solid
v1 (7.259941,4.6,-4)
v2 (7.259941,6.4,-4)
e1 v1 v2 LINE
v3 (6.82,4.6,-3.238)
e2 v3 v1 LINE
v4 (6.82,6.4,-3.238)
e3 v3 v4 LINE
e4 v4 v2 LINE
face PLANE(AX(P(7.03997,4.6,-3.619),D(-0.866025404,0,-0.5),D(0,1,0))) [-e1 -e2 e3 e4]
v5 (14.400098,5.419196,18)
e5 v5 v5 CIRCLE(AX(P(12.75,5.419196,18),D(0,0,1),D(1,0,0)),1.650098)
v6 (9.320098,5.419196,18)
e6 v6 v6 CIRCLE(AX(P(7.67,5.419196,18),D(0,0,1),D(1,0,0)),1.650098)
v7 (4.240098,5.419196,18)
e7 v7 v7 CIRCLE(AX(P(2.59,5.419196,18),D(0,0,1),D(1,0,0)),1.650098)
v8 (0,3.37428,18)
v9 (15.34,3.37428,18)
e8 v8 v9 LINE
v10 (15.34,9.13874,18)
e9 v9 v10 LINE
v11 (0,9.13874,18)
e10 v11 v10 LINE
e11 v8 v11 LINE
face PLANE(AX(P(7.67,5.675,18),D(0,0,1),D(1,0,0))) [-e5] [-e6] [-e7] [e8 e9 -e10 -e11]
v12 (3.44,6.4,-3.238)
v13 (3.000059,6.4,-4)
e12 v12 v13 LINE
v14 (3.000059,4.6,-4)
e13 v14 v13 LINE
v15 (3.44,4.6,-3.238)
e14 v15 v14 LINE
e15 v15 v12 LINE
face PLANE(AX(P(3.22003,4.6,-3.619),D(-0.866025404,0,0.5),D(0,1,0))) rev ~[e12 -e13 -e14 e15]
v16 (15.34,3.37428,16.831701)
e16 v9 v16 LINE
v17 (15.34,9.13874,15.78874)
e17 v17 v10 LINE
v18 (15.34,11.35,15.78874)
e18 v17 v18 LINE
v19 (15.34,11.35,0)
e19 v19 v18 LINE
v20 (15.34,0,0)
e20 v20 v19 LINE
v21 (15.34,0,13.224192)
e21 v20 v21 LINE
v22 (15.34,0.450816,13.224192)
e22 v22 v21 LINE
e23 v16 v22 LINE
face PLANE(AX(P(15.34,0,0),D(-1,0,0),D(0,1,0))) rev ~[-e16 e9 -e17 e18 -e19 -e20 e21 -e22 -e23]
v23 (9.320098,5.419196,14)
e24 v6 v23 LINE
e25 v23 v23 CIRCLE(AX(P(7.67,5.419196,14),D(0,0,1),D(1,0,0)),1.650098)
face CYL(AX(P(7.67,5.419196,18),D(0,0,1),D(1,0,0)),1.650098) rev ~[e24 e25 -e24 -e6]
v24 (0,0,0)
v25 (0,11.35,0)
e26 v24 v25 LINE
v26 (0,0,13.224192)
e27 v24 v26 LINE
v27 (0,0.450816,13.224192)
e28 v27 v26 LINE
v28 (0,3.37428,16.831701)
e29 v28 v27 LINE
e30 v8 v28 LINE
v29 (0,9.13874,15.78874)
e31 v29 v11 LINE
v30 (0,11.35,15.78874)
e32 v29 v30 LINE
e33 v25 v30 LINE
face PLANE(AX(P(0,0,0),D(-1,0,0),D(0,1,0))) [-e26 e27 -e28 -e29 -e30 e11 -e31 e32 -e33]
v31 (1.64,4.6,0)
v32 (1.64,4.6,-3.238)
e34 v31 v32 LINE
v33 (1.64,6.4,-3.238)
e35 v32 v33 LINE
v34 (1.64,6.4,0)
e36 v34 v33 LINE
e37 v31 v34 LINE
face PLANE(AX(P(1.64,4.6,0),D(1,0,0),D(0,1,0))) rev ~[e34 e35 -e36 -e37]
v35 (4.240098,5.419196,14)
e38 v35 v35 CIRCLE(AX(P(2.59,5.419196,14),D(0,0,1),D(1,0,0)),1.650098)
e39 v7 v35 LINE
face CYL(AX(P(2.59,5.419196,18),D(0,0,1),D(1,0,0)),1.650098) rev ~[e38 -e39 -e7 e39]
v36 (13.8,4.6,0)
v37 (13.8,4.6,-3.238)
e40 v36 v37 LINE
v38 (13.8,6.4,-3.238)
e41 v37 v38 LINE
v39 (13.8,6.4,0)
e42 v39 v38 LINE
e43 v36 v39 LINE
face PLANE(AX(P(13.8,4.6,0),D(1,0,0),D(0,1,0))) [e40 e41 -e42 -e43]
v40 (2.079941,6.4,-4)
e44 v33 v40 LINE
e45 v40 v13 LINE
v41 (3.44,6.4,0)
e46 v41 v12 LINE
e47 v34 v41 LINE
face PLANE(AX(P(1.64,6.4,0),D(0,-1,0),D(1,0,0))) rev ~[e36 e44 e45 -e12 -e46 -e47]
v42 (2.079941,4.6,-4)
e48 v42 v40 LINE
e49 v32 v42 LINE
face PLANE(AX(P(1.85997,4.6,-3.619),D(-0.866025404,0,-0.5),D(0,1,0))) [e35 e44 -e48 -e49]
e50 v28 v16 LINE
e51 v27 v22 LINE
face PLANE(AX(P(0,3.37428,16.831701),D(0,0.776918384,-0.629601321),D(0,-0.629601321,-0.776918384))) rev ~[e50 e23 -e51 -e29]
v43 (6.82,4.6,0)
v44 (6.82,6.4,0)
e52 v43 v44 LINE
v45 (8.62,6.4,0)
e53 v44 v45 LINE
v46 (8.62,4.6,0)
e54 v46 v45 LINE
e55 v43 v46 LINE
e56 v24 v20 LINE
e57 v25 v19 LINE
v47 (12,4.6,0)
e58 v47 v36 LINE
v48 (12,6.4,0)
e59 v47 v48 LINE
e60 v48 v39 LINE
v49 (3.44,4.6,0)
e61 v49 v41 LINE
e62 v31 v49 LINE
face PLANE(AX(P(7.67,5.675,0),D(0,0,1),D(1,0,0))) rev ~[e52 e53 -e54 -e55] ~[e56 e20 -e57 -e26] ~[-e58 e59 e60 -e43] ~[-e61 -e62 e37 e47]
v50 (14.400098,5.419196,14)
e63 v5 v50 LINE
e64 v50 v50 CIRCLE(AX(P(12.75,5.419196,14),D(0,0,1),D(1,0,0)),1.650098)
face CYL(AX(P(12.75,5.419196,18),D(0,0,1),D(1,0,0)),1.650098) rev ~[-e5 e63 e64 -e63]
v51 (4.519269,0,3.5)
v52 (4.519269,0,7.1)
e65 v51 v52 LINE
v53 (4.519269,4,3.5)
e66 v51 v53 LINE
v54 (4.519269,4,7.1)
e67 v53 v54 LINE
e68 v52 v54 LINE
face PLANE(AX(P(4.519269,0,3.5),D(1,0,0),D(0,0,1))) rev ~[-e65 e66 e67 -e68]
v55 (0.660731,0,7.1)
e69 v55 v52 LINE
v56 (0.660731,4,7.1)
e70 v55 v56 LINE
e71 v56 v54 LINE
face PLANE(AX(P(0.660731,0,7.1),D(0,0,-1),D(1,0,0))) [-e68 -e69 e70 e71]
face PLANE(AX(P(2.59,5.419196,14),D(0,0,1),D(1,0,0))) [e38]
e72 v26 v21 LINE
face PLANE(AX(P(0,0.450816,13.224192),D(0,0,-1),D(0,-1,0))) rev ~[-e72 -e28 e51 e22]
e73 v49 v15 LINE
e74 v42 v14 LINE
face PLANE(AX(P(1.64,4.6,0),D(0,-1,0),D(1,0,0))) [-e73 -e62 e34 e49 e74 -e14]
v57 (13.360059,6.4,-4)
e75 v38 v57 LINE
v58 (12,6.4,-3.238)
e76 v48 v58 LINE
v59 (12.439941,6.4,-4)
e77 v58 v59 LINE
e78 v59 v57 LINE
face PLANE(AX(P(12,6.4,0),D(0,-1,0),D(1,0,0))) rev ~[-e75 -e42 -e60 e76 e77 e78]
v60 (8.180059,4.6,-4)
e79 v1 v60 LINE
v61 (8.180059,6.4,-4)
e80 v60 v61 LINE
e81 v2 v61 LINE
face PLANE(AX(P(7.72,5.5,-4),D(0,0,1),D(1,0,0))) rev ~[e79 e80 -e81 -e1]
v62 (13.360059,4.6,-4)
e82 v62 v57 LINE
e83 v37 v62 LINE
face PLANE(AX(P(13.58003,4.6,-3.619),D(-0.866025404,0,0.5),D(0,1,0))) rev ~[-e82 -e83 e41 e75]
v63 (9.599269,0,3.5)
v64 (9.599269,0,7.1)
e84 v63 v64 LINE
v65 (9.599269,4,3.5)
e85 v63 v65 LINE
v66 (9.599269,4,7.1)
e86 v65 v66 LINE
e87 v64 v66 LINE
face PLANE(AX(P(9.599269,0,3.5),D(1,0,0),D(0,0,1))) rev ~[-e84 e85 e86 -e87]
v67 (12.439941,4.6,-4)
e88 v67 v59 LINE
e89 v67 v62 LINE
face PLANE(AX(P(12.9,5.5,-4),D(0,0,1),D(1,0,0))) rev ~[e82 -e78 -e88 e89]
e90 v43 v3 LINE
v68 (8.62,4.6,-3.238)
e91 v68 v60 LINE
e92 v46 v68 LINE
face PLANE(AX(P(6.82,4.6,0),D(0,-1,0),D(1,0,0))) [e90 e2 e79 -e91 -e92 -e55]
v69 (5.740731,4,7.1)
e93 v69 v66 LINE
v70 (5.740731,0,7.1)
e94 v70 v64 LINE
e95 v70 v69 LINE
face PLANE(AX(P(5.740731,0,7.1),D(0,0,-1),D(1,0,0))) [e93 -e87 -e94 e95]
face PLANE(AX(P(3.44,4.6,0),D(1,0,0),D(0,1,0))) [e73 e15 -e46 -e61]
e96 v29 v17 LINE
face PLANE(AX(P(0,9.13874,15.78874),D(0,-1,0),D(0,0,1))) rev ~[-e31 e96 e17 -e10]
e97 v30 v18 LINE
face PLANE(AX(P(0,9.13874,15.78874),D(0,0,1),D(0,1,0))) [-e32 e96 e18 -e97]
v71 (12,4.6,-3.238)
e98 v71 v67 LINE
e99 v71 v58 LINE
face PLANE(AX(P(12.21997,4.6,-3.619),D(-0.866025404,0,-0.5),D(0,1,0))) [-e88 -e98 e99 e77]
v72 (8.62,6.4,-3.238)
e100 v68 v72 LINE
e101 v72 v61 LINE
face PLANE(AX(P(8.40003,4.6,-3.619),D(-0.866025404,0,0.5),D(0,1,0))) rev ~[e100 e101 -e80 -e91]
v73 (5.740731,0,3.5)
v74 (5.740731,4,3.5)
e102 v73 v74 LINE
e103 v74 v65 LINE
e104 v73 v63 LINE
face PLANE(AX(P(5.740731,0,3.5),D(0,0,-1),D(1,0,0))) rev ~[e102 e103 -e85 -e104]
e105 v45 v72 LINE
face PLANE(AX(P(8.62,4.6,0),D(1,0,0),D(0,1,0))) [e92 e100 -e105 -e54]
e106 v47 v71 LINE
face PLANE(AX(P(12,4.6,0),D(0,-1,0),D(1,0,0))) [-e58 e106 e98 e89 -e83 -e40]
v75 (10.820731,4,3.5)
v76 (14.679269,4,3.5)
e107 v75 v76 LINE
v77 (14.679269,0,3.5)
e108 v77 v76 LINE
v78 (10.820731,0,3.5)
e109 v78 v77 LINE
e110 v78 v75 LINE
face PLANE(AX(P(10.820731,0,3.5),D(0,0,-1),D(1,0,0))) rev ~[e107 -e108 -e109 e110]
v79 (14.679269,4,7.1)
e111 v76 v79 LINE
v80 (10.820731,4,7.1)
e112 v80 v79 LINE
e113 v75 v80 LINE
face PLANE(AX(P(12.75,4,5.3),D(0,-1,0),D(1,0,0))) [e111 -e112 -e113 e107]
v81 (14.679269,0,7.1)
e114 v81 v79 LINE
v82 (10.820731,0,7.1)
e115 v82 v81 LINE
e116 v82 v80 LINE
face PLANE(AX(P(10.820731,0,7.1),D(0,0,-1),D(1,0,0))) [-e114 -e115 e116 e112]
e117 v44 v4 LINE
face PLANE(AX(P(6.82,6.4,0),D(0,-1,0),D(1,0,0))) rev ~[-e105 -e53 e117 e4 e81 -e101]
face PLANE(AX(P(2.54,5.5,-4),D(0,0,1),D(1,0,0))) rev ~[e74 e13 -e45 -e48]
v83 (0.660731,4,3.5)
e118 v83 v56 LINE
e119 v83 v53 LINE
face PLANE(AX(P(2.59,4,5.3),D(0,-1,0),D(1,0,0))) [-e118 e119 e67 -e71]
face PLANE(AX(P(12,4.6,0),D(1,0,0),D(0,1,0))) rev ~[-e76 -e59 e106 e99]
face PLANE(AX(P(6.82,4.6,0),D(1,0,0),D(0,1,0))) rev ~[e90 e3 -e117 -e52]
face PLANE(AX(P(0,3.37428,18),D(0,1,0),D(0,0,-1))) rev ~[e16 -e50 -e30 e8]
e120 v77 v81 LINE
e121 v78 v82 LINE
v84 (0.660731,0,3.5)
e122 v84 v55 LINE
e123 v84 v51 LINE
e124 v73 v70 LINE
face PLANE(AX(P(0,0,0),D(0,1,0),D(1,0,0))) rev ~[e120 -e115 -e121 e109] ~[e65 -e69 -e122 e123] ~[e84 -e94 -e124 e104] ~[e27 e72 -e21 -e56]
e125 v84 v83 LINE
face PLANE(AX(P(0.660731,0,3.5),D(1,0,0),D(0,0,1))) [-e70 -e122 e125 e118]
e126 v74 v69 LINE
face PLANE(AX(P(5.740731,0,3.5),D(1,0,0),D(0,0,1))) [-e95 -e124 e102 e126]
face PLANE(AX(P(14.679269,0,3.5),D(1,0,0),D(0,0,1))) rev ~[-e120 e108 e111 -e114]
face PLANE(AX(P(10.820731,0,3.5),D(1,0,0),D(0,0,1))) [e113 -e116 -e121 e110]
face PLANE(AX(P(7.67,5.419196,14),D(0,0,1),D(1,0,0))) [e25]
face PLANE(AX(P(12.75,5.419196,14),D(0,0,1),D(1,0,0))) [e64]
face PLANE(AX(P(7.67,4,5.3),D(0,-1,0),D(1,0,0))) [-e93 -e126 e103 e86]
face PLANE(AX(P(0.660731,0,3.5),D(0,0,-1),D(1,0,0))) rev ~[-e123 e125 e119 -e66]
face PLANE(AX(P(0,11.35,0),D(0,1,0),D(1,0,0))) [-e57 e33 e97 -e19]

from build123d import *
from OCP.BRepFilletAPI import BRepFilletAPI_MakeChamfer

# Parameters (mm, degrees)
SKETCH1_W           = 15.34
SKETCH1_H           = 11.35
BOSS_EXTRUDE1_DEPTH = 18
SKETCH1_3_W         = 1.8
SKETCH1_3_H         = 1.8
BOSS_EXTRUDE2_DEPTH = 4
CHAMFER1_SIZE       = 0.762
CHAMFER1_SIZE2      = 0.439940905
SKETCH3_W           = 2.211259549
SKETCH3_H           = 2.211259549
CUT_EXTRUDE1_DEPTH  = 27.232386472
SKETCH4_R           = 1.650097839
CUT_EXTRUDE2_DEPTH  = 4
SKETCH2_W           = 3.858538726
SKETCH2_H           = 3.6
CUT_EXTRUDE3_DEPTH  = 4


with BuildPart() as part:
    # Sketch1 → Boss-Extrude1 (new body)
    with BuildSketch(Plane.XY):
        with Locations((7.67, 5.675)):
            Rectangle(SKETCH1_W, SKETCH1_H)
    extrude(amount=BOSS_EXTRUDE1_DEPTH)

    # Sketch1<3> → Boss-Extrude2 (add)
    with BuildSketch(Plane.XY):
        with Locations((2.54, 5.5)):
            Rectangle(SKETCH1_3_W, SKETCH1_3_H)
        with Locations((7.72, 5.5)):
            Rectangle(SKETCH1_3_W, SKETCH1_3_H)
        with Locations((12.9, 5.5)):
            Rectangle(SKETCH1_3_W, SKETCH1_3_H)
    extrude(amount=-BOSS_EXTRUDE2_DEPTH)

    # Chamfer1: one chamfer whose edges measure the first distance from different faces: ONE call of the kernel's chamfer builder (chamfer() names one face for all edges)
    chamfer1_edges_1 = [part.edges().sort_by_distance(p)[0] for p in [
        (1.64, 5.5, -4),
    ]]
    chamfer1_side_1 = [part.faces().sort_by_distance(p)[0] for p in [
        (1.64, 5.5, -2),
    ]]
    chamfer1_edges_2 = [part.edges().sort_by_distance(p)[0] for p in [
        (3.44, 5.5, -4),
    ]]
    chamfer1_side_2 = [part.faces().sort_by_distance(p)[0] for p in [
        (3.44, 5.5, -2),
    ]]
    chamfer1_edges_3 = [part.edges().sort_by_distance(p)[0] for p in [
        (6.82, 5.5, -4),
    ]]
    chamfer1_side_3 = [part.faces().sort_by_distance(p)[0] for p in [
        (6.82, 5.5, -2),
    ]]
    chamfer1_edges_4 = [part.edges().sort_by_distance(p)[0] for p in [
        (8.62, 5.5, -4),
    ]]
    chamfer1_side_4 = [part.faces().sort_by_distance(p)[0] for p in [
        (8.62, 5.5, -2),
    ]]
    chamfer1_edges_5 = [part.edges().sort_by_distance(p)[0] for p in [
        (12, 5.5, -4),
    ]]
    chamfer1_side_5 = [part.faces().sort_by_distance(p)[0] for p in [
        (12, 5.5, -2),
    ]]
    chamfer1_edges_6 = [part.edges().sort_by_distance(p)[0] for p in [
        (13.8, 5.5, -4),
    ]]
    chamfer1_side_6 = [part.faces().sort_by_distance(p)[0] for p in [
        (13.8, 5.5, -2),
    ]]
    chamfer1 = BRepFilletAPI_MakeChamfer(part.part.solid().wrapped)
    for e in chamfer1_edges_1:
        chamfer1.Add(CHAMFER1_SIZE, CHAMFER1_SIZE2, e.wrapped, chamfer1_side_1[0].wrapped)  # the first distance lies on this face
    for e in chamfer1_edges_2:
        chamfer1.Add(CHAMFER1_SIZE, CHAMFER1_SIZE2, e.wrapped, chamfer1_side_2[0].wrapped)  # the first distance lies on this face
    for e in chamfer1_edges_3:
        chamfer1.Add(CHAMFER1_SIZE, CHAMFER1_SIZE2, e.wrapped, chamfer1_side_3[0].wrapped)  # the first distance lies on this face
    for e in chamfer1_edges_4:
        chamfer1.Add(CHAMFER1_SIZE, CHAMFER1_SIZE2, e.wrapped, chamfer1_side_4[0].wrapped)  # the first distance lies on this face
    for e in chamfer1_edges_5:
        chamfer1.Add(CHAMFER1_SIZE, CHAMFER1_SIZE2, e.wrapped, chamfer1_side_5[0].wrapped)  # the first distance lies on this face
    for e in chamfer1_edges_6:
        chamfer1.Add(CHAMFER1_SIZE, CHAMFER1_SIZE2, e.wrapped, chamfer1_side_6[0].wrapped)  # the first distance lies on this face
    add(Compound.cast(chamfer1.Shape()), mode=Mode.REPLACE)

    # Sketch3 → Cut-Extrude1 (cut, through all)
    with BuildSketch(Plane.ZY):
        with Locations((16.894370226, 10.244370226)):
            Rectangle(SKETCH3_W, SKETCH3_H)
        Polygon((18, 0), (18, 3.37428008), (16.831701498, 3.37428008), (13.224191742, 0.450816104), (13.224191742, 0), align=None)
    extrude(amount=-CUT_EXTRUDE1_DEPTH, mode=Mode.SUBTRACT)

    # Sketch4 → Cut-Extrude2 (cut)
    with BuildSketch(Plane.XY.offset(18)):
        with Locations((2.59, 5.419196483)):
            Circle(SKETCH4_R)
        with Locations((7.67, 5.419196483)):
            Circle(SKETCH4_R)
        with Locations((12.75, 5.419196483)):
            Circle(SKETCH4_R)
    extrude(amount=-CUT_EXTRUDE2_DEPTH, mode=Mode.SUBTRACT)

    # Sketch2 → Cut-Extrude3 (cut)
    with BuildSketch(Plane.XZ):
        with Locations((2.59, 5.3)):
            Rectangle(SKETCH2_W, SKETCH2_H)
        with Locations((7.67, 5.3)):
            Rectangle(SKETCH2_W, SKETCH2_H)
        with Locations((12.75, 5.3)):
            Rectangle(SKETCH2_W, SKETCH2_H)
    extrude(amount=-CUT_EXTRUDE3_DEPTH, mode=Mode.SUBTRACT)


solid = part.part
